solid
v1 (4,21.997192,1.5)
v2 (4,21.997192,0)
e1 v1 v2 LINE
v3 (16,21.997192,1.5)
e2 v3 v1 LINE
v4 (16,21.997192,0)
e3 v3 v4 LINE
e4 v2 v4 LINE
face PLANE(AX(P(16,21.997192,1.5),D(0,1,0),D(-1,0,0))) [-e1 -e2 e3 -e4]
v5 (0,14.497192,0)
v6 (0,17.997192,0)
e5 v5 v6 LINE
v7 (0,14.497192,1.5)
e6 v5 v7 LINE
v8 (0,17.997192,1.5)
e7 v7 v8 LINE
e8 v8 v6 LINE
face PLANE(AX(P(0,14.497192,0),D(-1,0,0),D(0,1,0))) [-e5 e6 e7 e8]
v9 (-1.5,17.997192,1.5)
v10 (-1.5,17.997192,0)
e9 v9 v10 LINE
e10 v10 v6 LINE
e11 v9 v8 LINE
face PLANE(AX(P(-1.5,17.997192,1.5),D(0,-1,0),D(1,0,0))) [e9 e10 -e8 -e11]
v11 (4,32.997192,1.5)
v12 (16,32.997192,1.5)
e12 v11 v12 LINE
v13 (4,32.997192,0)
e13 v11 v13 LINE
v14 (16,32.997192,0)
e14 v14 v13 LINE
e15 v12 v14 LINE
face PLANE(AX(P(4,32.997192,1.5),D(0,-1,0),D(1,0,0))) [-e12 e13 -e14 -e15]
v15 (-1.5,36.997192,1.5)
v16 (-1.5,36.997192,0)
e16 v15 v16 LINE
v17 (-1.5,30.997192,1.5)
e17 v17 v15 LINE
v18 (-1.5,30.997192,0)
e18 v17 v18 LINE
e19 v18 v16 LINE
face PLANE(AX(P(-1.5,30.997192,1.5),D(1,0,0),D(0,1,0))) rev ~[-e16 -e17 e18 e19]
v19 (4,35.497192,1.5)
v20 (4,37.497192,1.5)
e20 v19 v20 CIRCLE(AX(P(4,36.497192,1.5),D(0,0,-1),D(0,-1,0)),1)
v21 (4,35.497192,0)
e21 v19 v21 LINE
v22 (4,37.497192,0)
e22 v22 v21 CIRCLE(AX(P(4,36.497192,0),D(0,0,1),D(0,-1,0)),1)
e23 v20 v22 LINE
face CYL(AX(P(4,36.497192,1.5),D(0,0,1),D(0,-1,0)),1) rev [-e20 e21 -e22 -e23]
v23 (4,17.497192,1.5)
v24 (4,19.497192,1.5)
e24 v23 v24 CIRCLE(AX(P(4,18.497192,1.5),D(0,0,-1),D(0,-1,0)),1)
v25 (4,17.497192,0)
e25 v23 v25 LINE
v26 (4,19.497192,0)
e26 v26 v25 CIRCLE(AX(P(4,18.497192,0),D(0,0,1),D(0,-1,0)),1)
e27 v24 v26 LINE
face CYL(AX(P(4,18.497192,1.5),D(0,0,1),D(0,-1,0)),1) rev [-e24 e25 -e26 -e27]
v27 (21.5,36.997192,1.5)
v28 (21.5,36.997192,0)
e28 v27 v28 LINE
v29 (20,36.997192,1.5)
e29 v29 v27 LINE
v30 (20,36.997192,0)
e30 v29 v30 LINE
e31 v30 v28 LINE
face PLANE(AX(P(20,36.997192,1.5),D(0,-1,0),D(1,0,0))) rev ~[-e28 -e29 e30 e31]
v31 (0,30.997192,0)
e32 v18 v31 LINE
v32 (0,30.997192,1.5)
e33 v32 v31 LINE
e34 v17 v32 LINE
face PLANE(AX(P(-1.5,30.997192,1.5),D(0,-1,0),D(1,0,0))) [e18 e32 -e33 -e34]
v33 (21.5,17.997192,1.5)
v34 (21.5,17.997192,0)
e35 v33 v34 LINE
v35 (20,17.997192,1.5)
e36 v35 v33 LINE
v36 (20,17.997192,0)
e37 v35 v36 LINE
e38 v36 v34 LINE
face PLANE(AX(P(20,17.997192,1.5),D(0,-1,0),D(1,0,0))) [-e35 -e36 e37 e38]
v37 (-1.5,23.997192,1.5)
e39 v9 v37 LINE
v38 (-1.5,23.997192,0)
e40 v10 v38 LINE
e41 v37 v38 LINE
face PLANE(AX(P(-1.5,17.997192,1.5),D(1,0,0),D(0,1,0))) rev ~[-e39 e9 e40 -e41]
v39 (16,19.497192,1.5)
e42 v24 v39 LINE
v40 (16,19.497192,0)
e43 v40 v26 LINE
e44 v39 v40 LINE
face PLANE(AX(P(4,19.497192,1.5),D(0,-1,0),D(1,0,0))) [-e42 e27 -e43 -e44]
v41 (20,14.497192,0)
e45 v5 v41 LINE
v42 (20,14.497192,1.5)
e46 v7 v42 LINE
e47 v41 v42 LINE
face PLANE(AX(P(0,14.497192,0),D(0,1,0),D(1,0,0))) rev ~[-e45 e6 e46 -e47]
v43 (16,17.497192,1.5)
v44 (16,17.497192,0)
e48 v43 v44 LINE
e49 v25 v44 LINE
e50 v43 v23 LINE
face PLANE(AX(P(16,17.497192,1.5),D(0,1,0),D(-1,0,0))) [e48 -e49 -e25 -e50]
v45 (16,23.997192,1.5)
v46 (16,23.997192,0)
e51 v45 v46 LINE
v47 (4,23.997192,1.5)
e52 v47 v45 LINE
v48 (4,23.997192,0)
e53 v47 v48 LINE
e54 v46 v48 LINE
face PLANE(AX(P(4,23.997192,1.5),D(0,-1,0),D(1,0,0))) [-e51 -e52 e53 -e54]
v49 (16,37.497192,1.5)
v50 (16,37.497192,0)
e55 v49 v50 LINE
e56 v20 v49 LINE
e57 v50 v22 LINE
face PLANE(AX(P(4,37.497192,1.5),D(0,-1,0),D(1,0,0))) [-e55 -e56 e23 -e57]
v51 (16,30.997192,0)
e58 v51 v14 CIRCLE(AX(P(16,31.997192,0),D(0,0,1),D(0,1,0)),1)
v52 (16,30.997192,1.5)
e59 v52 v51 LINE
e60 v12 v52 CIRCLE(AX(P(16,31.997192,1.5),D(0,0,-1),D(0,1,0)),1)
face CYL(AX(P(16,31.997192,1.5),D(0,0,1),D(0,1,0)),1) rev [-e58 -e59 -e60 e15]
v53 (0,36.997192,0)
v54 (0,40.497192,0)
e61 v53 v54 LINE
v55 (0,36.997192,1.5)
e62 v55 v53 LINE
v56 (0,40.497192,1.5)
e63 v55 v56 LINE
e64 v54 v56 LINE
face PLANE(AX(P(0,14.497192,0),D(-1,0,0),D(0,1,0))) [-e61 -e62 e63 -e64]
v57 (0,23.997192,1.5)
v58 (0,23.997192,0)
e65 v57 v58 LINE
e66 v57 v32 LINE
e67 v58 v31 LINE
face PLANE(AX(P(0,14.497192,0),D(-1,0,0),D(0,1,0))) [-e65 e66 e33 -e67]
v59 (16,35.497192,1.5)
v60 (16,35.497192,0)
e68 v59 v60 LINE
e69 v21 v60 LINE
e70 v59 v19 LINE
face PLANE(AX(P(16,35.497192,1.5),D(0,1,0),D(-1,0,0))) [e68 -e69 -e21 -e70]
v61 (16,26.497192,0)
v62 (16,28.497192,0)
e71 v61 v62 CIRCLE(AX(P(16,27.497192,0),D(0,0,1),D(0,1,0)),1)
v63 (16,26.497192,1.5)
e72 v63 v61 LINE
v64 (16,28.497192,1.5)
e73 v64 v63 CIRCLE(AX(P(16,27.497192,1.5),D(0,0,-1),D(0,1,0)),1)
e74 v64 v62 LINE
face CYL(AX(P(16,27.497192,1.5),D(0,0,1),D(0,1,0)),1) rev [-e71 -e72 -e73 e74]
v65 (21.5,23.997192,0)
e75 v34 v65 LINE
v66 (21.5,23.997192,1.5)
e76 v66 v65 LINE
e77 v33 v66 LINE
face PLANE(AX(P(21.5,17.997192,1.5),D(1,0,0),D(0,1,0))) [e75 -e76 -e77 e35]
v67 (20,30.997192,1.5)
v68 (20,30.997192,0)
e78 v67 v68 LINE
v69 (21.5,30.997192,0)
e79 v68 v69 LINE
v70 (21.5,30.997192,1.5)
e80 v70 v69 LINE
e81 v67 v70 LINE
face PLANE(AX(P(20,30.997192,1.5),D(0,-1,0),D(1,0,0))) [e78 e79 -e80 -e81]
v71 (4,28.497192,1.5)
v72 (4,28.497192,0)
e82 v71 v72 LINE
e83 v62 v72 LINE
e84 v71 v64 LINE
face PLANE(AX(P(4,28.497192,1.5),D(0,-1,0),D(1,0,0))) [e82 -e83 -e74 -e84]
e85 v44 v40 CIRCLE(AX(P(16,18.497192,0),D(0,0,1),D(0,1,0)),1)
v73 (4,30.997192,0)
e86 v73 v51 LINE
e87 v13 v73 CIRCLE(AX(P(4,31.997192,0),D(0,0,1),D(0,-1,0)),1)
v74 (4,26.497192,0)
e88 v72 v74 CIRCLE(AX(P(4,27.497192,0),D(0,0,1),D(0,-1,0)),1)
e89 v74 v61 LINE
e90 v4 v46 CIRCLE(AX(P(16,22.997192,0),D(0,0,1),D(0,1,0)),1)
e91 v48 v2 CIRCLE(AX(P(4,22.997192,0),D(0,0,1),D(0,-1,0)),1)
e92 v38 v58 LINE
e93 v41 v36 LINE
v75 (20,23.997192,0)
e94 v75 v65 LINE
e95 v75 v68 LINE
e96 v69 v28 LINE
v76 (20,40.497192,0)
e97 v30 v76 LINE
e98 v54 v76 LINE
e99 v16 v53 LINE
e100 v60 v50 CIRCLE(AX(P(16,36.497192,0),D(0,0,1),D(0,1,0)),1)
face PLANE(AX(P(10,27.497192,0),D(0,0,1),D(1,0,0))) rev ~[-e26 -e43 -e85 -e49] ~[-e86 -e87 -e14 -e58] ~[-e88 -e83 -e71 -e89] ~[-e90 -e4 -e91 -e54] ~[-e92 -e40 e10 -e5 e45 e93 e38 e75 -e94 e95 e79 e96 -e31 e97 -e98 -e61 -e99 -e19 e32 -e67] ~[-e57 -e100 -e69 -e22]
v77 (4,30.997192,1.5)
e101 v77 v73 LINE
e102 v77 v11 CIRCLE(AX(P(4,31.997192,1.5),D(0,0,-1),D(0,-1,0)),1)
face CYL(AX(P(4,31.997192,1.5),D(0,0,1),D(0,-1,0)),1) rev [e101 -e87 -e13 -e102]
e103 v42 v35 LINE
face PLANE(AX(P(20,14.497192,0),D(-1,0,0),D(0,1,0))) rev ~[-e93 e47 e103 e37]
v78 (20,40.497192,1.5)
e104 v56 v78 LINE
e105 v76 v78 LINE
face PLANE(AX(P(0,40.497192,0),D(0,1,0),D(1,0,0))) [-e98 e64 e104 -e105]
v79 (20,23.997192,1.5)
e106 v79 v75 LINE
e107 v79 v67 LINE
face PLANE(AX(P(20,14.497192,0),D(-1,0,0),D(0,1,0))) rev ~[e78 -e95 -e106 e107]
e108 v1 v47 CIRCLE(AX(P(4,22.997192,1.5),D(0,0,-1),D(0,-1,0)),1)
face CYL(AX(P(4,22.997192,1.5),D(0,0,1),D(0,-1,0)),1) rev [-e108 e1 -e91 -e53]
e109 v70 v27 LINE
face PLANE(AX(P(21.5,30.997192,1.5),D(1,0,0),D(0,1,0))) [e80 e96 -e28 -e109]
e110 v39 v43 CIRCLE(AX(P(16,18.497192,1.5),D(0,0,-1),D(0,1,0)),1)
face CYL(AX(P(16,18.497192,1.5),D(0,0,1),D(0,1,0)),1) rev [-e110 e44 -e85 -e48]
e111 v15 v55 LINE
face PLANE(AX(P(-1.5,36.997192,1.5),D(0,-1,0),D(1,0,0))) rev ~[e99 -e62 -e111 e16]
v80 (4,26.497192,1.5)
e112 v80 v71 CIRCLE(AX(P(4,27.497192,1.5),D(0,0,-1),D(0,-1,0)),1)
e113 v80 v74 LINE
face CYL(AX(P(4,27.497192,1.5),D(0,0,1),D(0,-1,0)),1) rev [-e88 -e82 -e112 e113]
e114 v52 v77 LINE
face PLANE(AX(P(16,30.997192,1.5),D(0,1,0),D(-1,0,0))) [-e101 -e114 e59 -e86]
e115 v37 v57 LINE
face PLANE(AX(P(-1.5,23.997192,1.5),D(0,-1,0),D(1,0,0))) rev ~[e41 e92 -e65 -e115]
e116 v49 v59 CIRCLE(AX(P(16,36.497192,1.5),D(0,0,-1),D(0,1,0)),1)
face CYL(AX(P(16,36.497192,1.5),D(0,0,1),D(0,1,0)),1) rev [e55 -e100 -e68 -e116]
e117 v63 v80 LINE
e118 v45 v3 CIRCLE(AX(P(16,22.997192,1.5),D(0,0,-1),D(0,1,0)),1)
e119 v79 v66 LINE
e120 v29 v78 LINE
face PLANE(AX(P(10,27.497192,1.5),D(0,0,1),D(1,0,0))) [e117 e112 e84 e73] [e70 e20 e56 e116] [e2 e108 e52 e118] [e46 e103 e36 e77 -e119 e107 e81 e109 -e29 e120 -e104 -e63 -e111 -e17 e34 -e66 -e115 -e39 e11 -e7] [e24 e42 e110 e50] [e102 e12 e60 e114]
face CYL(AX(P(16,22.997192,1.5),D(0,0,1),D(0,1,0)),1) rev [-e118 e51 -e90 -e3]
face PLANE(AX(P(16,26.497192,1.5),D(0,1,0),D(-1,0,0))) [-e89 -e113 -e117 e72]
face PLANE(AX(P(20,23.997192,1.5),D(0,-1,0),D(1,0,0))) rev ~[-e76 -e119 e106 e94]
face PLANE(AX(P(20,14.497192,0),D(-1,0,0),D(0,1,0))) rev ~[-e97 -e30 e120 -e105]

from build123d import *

# Parameters (mm, degrees)
SKETCH1_W        = 20
SKETCH1_H        = 26
BASE_DEPTH       = 1.5
SKETCH3_W        = 1.5
SKETCH3_H        = 6
MOUNT_EARS_DEPTH = 1.5
RIBS_REACH       = 47.875


with BuildPart() as part:
    # Sketch1 → Base (new body)
    with BuildSketch(Plane.XY):
        with Locations((10, 27.497191913)):
            Rectangle(SKETCH1_W, SKETCH1_H)
    extrude(amount=BASE_DEPTH)

    # Sketch3 → Mount ears (add)
    with BuildSketch(Plane.XY.offset(1.5)):
        with Locations((-0.75, 33.997191913)):
            Rectangle(SKETCH3_W, SKETCH3_H)
        with Locations((20.75, 33.997191913)):
            Rectangle(SKETCH3_W, SKETCH3_H)
        with Locations((20.75, 20.997191913)):
            Rectangle(SKETCH3_W, SKETCH3_H)
        with Locations((-0.75, 20.997191913)):
            Rectangle(SKETCH3_W, SKETCH3_H)
    extrude(amount=-MOUNT_EARS_DEPTH)

    # Sketch5 → Ribs (cut, up to next)
    with BuildSketch(Plane.XY.offset(1.5), mode=Mode.PRIVATE) as ribs_sk1:
        with BuildLine():
            Line((4, 37.497191913), (16, 37.497191913))
            ThreePointArc((16, 37.497191913), (17, 36.497191913), (16, 35.497191913))
            Line((16, 35.497191913), (4, 35.497191913))
            ThreePointArc((4, 35.497191913), (3, 36.497191913), (4, 37.497191913))
        make_face()
    ribs_tool1 = extrude(ribs_sk1.sketch, amount=-RIBS_REACH, mode=Mode.PRIVATE) & part.part
    # Sketch5 → Ribs (cut, up to next)
    with BuildSketch(Plane.XY.offset(1.5), mode=Mode.PRIVATE) as ribs_sk2:
        with BuildLine():
            Line((4, 32.997191913), (16, 32.997191913))
            ThreePointArc((16, 32.997191913), (17, 31.997191913), (16, 30.997191913))
            Line((16, 30.997191913), (4, 30.997191913))
            ThreePointArc((4, 30.997191913), (3, 31.997191913), (4, 32.997191913))
        make_face()
    ribs_tool2 = extrude(ribs_sk2.sketch, amount=-RIBS_REACH, mode=Mode.PRIVATE) & part.part
    # Sketch5 → Ribs (cut, up to next)
    with BuildSketch(Plane.XY.offset(1.5), mode=Mode.PRIVATE) as ribs_sk3:
        with BuildLine():
            Line((4, 28.497191913), (16, 28.497191913))
            ThreePointArc((16, 28.497191913), (17, 27.497191913), (16, 26.497191913))
            Line((16, 26.497191913), (4, 26.497191913))
            ThreePointArc((4, 26.497191913), (3, 27.497191913), (4, 28.497191913))
        make_face()
    ribs_tool3 = extrude(ribs_sk3.sketch, amount=-RIBS_REACH, mode=Mode.PRIVATE) & part.part
    # Sketch5 → Ribs (cut, up to next)
    with BuildSketch(Plane.XY.offset(1.5), mode=Mode.PRIVATE) as ribs_sk4:
        with BuildLine():
            Line((4, 23.997191913), (16, 23.997191913))
            ThreePointArc((16, 23.997191913), (17, 22.997191913), (16, 21.997191913))
            Line((16, 21.997191913), (4, 21.997191913))
            ThreePointArc((4, 21.997191913), (3, 22.997191913), (4, 23.997191913))
        make_face()
    ribs_tool4 = extrude(ribs_sk4.sketch, amount=-RIBS_REACH, mode=Mode.PRIVATE) & part.part
    # Sketch5 → Ribs (cut, up to next)
    with BuildSketch(Plane.XY.offset(1.5), mode=Mode.PRIVATE) as ribs_sk5:
        with BuildLine():
            Line((4, 19.497191913), (16, 19.497191913))
            ThreePointArc((16, 19.497191913), (17, 18.497191913), (16, 17.497191913))
            Line((16, 17.497191913), (4, 17.497191913))
            ThreePointArc((4, 17.497191913), (3, 18.497191913), (4, 19.497191913))
        make_face()
    ribs_tool5 = extrude(ribs_sk5.sketch, amount=-RIBS_REACH, mode=Mode.PRIVATE) & part.part
    add(ribs_tool1.solids().sort_by_distance((10, 36.497192, 1.5))[0], mode=Mode.SUBTRACT)
    add(ribs_tool2.solids().sort_by_distance((10, 31.997192, 1.5))[0], mode=Mode.SUBTRACT)
    add(ribs_tool3.solids().sort_by_distance((10, 27.497192, 1.5))[0], mode=Mode.SUBTRACT)
    add(ribs_tool4.solids().sort_by_distance((10, 22.997192, 1.5))[0], mode=Mode.SUBTRACT)
    add(ribs_tool5.solids().sort_by_distance((10, 18.497192, 1.5))[0], mode=Mode.SUBTRACT)


solid = part.part
